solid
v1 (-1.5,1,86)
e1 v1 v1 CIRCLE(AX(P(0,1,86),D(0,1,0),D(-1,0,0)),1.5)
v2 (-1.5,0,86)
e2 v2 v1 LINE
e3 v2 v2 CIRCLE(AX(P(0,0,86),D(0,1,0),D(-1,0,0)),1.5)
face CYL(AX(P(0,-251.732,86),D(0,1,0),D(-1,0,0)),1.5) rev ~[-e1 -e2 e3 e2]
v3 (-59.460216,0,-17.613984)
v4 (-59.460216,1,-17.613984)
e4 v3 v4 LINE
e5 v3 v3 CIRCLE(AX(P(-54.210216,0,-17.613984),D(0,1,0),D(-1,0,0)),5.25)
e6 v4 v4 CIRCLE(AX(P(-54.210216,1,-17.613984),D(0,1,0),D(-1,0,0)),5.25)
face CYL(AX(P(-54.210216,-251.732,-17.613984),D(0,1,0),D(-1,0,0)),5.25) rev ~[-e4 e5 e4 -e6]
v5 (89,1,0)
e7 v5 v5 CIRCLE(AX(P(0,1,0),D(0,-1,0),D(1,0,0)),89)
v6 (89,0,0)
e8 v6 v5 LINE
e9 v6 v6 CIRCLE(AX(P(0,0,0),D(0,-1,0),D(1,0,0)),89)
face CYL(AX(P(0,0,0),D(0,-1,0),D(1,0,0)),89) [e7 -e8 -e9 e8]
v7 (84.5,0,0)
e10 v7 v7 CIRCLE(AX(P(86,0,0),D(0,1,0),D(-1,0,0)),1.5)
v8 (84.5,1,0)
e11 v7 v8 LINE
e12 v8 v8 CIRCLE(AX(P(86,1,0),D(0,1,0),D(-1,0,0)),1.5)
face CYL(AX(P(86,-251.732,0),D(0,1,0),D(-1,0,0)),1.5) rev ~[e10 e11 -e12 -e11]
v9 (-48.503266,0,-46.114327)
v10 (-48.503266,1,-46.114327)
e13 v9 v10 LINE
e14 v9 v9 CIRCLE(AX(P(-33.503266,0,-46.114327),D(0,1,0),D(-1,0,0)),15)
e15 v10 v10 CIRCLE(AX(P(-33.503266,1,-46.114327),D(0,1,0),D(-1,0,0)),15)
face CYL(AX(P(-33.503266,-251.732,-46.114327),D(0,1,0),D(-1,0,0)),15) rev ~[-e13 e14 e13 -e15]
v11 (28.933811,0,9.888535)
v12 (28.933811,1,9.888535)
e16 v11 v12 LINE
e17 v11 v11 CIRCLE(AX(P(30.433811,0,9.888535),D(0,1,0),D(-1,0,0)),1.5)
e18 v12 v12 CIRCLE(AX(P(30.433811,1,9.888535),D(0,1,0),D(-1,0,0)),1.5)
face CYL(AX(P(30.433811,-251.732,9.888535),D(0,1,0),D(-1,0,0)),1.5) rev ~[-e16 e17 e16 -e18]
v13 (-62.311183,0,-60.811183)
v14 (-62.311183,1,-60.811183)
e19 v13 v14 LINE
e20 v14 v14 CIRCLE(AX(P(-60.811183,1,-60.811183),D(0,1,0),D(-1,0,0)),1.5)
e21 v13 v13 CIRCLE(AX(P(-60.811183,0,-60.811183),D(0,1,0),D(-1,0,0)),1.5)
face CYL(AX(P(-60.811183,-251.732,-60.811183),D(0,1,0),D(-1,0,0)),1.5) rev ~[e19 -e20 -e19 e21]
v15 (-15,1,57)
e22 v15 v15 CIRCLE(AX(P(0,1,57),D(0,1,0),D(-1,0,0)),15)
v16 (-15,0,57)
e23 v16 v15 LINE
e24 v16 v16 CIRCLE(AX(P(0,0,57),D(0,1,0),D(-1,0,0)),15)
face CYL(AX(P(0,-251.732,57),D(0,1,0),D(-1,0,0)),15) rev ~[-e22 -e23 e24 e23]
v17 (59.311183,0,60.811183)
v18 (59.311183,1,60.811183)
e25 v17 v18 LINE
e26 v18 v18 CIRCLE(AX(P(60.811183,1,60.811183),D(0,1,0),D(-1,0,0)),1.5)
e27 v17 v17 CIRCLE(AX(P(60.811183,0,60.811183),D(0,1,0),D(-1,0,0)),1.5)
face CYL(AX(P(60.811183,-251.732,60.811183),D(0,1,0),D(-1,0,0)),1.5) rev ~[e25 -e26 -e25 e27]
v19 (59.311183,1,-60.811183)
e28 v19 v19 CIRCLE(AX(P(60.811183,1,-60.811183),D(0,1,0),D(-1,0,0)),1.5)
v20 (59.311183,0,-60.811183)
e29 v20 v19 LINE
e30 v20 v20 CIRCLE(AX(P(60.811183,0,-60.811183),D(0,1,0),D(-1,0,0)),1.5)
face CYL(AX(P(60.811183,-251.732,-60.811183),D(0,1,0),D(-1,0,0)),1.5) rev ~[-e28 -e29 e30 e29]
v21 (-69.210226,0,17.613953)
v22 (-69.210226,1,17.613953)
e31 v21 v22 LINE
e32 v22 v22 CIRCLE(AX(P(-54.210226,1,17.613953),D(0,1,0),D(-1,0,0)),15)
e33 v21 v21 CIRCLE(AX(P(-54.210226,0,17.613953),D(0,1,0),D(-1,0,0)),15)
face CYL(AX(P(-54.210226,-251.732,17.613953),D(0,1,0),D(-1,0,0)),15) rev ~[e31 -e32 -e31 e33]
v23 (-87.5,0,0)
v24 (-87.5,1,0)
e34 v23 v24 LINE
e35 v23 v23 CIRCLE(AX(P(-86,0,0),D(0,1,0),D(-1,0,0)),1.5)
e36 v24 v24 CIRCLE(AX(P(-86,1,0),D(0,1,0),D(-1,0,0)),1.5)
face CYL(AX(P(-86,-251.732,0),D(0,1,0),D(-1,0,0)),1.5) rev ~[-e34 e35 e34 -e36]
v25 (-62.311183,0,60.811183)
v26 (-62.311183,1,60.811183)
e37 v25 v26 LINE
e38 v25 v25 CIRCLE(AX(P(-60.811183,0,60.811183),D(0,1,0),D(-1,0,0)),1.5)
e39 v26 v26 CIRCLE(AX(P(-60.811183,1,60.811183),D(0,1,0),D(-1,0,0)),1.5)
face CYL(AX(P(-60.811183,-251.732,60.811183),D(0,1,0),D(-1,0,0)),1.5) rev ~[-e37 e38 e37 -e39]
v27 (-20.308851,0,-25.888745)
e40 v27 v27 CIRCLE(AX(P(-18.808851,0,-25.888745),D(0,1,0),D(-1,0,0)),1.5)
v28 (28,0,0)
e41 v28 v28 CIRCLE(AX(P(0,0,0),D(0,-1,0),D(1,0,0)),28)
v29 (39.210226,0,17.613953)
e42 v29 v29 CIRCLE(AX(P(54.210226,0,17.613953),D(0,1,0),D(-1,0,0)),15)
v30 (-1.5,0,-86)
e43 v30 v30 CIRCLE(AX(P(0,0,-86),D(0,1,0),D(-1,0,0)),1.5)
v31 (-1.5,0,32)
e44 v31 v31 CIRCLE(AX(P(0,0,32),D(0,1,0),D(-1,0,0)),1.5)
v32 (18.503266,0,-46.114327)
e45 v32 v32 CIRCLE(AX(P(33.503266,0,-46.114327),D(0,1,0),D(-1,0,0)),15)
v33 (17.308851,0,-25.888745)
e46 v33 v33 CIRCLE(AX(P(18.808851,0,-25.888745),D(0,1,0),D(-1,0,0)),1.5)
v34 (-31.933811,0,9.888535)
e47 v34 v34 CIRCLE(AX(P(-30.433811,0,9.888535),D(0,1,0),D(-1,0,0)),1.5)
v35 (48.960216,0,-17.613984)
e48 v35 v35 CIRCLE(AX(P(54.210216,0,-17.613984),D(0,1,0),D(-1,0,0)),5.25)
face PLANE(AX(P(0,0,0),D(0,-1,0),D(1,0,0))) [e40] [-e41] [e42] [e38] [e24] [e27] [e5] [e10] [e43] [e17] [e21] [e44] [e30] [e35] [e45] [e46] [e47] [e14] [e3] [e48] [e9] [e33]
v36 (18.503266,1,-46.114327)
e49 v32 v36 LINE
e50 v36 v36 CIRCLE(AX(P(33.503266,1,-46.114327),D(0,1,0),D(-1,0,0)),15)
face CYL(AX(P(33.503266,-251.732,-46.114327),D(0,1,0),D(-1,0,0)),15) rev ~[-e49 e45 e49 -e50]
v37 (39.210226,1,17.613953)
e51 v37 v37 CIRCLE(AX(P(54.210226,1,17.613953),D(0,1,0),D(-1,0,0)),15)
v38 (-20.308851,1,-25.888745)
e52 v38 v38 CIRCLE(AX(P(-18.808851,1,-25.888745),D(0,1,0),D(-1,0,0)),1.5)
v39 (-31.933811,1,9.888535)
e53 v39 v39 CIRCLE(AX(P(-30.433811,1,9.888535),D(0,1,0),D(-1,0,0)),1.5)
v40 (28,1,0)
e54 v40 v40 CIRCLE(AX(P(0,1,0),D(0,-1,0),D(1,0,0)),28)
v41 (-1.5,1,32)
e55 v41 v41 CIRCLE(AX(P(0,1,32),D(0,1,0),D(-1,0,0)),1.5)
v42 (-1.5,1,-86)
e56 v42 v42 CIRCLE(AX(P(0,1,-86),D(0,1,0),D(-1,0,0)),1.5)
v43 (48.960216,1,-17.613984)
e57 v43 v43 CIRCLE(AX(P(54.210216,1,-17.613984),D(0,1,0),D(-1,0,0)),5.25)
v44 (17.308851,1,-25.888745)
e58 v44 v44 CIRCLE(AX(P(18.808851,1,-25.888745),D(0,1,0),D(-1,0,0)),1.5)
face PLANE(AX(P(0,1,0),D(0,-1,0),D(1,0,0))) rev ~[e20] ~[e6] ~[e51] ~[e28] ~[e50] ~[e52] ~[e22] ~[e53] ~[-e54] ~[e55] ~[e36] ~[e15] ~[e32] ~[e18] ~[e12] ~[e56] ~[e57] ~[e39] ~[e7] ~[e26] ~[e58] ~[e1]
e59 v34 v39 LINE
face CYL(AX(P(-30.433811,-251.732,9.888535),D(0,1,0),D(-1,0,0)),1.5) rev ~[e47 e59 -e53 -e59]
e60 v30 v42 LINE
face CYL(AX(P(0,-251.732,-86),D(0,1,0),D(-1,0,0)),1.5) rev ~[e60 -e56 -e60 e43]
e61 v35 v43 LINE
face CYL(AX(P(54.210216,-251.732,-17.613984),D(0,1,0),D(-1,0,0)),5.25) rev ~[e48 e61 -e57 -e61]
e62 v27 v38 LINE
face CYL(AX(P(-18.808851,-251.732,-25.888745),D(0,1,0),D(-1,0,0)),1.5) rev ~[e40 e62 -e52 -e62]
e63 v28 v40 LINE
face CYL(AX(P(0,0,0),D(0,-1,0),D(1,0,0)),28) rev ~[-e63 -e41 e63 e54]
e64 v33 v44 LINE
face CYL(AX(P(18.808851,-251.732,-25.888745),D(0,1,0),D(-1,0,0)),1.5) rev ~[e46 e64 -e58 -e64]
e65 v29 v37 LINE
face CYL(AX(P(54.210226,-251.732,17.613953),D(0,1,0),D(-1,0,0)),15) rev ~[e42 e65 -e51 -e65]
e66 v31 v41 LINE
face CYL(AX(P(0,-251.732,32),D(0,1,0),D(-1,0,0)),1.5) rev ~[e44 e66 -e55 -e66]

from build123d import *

# Parameters (mm, degrees)
F0_R     = 89
F0_R_2   = 28
F1_DEPTH = 1
F2_D     = 10.5
F3_D     = 30
F4_D     = 3
F6_D     = 3


with BuildPart() as f1:
    # F0 (on Front) → F1 (new body)
    with BuildSketch(Plane.XZ):
        Circle(F0_R)
        Circle(F0_R_2, mode=Mode.SUBTRACT)
    extrude(amount=-F1_DEPTH)

    # F2 (through all)
    with Locations(Plane.XZ):
        with Locations((-54.2102163981, -17.6139841623), (54.2102163981, -17.6139841623)):
            Hole(F2_D / 2)

    # F3 (through all)
    with Locations(Plane.XZ):
        with Locations((-54.2102264595, 17.6139531965), (0, 57), (54.2102264595, 17.6139531965), (33.5032664595, -46.1143268035), (-33.5032664595, -46.1143268035)):
            Hole(F3_D / 2)

    # F4 (through all)
    with Locations(Plane.XZ):
        with Locations((-30.4338113457, 9.8885351278), (0, 32), (30.4338113457, 9.8885351278), (18.8088513457, -25.8887448722), (-18.8088513457, -25.8887448722)):
            Hole(F4_D / 2)

    # F6 (through all)
    with Locations(Plane.XZ):
        with Locations((-60.811183182, 60.811183182), (0, 86), (60.811183182, 60.811183182), (86, 0), (60.811183182, -60.811183182), (0, -86), (-60.811183182, -60.811183182), (-86, 0)):
            Hole(F6_D / 2)


solid = f1.part
